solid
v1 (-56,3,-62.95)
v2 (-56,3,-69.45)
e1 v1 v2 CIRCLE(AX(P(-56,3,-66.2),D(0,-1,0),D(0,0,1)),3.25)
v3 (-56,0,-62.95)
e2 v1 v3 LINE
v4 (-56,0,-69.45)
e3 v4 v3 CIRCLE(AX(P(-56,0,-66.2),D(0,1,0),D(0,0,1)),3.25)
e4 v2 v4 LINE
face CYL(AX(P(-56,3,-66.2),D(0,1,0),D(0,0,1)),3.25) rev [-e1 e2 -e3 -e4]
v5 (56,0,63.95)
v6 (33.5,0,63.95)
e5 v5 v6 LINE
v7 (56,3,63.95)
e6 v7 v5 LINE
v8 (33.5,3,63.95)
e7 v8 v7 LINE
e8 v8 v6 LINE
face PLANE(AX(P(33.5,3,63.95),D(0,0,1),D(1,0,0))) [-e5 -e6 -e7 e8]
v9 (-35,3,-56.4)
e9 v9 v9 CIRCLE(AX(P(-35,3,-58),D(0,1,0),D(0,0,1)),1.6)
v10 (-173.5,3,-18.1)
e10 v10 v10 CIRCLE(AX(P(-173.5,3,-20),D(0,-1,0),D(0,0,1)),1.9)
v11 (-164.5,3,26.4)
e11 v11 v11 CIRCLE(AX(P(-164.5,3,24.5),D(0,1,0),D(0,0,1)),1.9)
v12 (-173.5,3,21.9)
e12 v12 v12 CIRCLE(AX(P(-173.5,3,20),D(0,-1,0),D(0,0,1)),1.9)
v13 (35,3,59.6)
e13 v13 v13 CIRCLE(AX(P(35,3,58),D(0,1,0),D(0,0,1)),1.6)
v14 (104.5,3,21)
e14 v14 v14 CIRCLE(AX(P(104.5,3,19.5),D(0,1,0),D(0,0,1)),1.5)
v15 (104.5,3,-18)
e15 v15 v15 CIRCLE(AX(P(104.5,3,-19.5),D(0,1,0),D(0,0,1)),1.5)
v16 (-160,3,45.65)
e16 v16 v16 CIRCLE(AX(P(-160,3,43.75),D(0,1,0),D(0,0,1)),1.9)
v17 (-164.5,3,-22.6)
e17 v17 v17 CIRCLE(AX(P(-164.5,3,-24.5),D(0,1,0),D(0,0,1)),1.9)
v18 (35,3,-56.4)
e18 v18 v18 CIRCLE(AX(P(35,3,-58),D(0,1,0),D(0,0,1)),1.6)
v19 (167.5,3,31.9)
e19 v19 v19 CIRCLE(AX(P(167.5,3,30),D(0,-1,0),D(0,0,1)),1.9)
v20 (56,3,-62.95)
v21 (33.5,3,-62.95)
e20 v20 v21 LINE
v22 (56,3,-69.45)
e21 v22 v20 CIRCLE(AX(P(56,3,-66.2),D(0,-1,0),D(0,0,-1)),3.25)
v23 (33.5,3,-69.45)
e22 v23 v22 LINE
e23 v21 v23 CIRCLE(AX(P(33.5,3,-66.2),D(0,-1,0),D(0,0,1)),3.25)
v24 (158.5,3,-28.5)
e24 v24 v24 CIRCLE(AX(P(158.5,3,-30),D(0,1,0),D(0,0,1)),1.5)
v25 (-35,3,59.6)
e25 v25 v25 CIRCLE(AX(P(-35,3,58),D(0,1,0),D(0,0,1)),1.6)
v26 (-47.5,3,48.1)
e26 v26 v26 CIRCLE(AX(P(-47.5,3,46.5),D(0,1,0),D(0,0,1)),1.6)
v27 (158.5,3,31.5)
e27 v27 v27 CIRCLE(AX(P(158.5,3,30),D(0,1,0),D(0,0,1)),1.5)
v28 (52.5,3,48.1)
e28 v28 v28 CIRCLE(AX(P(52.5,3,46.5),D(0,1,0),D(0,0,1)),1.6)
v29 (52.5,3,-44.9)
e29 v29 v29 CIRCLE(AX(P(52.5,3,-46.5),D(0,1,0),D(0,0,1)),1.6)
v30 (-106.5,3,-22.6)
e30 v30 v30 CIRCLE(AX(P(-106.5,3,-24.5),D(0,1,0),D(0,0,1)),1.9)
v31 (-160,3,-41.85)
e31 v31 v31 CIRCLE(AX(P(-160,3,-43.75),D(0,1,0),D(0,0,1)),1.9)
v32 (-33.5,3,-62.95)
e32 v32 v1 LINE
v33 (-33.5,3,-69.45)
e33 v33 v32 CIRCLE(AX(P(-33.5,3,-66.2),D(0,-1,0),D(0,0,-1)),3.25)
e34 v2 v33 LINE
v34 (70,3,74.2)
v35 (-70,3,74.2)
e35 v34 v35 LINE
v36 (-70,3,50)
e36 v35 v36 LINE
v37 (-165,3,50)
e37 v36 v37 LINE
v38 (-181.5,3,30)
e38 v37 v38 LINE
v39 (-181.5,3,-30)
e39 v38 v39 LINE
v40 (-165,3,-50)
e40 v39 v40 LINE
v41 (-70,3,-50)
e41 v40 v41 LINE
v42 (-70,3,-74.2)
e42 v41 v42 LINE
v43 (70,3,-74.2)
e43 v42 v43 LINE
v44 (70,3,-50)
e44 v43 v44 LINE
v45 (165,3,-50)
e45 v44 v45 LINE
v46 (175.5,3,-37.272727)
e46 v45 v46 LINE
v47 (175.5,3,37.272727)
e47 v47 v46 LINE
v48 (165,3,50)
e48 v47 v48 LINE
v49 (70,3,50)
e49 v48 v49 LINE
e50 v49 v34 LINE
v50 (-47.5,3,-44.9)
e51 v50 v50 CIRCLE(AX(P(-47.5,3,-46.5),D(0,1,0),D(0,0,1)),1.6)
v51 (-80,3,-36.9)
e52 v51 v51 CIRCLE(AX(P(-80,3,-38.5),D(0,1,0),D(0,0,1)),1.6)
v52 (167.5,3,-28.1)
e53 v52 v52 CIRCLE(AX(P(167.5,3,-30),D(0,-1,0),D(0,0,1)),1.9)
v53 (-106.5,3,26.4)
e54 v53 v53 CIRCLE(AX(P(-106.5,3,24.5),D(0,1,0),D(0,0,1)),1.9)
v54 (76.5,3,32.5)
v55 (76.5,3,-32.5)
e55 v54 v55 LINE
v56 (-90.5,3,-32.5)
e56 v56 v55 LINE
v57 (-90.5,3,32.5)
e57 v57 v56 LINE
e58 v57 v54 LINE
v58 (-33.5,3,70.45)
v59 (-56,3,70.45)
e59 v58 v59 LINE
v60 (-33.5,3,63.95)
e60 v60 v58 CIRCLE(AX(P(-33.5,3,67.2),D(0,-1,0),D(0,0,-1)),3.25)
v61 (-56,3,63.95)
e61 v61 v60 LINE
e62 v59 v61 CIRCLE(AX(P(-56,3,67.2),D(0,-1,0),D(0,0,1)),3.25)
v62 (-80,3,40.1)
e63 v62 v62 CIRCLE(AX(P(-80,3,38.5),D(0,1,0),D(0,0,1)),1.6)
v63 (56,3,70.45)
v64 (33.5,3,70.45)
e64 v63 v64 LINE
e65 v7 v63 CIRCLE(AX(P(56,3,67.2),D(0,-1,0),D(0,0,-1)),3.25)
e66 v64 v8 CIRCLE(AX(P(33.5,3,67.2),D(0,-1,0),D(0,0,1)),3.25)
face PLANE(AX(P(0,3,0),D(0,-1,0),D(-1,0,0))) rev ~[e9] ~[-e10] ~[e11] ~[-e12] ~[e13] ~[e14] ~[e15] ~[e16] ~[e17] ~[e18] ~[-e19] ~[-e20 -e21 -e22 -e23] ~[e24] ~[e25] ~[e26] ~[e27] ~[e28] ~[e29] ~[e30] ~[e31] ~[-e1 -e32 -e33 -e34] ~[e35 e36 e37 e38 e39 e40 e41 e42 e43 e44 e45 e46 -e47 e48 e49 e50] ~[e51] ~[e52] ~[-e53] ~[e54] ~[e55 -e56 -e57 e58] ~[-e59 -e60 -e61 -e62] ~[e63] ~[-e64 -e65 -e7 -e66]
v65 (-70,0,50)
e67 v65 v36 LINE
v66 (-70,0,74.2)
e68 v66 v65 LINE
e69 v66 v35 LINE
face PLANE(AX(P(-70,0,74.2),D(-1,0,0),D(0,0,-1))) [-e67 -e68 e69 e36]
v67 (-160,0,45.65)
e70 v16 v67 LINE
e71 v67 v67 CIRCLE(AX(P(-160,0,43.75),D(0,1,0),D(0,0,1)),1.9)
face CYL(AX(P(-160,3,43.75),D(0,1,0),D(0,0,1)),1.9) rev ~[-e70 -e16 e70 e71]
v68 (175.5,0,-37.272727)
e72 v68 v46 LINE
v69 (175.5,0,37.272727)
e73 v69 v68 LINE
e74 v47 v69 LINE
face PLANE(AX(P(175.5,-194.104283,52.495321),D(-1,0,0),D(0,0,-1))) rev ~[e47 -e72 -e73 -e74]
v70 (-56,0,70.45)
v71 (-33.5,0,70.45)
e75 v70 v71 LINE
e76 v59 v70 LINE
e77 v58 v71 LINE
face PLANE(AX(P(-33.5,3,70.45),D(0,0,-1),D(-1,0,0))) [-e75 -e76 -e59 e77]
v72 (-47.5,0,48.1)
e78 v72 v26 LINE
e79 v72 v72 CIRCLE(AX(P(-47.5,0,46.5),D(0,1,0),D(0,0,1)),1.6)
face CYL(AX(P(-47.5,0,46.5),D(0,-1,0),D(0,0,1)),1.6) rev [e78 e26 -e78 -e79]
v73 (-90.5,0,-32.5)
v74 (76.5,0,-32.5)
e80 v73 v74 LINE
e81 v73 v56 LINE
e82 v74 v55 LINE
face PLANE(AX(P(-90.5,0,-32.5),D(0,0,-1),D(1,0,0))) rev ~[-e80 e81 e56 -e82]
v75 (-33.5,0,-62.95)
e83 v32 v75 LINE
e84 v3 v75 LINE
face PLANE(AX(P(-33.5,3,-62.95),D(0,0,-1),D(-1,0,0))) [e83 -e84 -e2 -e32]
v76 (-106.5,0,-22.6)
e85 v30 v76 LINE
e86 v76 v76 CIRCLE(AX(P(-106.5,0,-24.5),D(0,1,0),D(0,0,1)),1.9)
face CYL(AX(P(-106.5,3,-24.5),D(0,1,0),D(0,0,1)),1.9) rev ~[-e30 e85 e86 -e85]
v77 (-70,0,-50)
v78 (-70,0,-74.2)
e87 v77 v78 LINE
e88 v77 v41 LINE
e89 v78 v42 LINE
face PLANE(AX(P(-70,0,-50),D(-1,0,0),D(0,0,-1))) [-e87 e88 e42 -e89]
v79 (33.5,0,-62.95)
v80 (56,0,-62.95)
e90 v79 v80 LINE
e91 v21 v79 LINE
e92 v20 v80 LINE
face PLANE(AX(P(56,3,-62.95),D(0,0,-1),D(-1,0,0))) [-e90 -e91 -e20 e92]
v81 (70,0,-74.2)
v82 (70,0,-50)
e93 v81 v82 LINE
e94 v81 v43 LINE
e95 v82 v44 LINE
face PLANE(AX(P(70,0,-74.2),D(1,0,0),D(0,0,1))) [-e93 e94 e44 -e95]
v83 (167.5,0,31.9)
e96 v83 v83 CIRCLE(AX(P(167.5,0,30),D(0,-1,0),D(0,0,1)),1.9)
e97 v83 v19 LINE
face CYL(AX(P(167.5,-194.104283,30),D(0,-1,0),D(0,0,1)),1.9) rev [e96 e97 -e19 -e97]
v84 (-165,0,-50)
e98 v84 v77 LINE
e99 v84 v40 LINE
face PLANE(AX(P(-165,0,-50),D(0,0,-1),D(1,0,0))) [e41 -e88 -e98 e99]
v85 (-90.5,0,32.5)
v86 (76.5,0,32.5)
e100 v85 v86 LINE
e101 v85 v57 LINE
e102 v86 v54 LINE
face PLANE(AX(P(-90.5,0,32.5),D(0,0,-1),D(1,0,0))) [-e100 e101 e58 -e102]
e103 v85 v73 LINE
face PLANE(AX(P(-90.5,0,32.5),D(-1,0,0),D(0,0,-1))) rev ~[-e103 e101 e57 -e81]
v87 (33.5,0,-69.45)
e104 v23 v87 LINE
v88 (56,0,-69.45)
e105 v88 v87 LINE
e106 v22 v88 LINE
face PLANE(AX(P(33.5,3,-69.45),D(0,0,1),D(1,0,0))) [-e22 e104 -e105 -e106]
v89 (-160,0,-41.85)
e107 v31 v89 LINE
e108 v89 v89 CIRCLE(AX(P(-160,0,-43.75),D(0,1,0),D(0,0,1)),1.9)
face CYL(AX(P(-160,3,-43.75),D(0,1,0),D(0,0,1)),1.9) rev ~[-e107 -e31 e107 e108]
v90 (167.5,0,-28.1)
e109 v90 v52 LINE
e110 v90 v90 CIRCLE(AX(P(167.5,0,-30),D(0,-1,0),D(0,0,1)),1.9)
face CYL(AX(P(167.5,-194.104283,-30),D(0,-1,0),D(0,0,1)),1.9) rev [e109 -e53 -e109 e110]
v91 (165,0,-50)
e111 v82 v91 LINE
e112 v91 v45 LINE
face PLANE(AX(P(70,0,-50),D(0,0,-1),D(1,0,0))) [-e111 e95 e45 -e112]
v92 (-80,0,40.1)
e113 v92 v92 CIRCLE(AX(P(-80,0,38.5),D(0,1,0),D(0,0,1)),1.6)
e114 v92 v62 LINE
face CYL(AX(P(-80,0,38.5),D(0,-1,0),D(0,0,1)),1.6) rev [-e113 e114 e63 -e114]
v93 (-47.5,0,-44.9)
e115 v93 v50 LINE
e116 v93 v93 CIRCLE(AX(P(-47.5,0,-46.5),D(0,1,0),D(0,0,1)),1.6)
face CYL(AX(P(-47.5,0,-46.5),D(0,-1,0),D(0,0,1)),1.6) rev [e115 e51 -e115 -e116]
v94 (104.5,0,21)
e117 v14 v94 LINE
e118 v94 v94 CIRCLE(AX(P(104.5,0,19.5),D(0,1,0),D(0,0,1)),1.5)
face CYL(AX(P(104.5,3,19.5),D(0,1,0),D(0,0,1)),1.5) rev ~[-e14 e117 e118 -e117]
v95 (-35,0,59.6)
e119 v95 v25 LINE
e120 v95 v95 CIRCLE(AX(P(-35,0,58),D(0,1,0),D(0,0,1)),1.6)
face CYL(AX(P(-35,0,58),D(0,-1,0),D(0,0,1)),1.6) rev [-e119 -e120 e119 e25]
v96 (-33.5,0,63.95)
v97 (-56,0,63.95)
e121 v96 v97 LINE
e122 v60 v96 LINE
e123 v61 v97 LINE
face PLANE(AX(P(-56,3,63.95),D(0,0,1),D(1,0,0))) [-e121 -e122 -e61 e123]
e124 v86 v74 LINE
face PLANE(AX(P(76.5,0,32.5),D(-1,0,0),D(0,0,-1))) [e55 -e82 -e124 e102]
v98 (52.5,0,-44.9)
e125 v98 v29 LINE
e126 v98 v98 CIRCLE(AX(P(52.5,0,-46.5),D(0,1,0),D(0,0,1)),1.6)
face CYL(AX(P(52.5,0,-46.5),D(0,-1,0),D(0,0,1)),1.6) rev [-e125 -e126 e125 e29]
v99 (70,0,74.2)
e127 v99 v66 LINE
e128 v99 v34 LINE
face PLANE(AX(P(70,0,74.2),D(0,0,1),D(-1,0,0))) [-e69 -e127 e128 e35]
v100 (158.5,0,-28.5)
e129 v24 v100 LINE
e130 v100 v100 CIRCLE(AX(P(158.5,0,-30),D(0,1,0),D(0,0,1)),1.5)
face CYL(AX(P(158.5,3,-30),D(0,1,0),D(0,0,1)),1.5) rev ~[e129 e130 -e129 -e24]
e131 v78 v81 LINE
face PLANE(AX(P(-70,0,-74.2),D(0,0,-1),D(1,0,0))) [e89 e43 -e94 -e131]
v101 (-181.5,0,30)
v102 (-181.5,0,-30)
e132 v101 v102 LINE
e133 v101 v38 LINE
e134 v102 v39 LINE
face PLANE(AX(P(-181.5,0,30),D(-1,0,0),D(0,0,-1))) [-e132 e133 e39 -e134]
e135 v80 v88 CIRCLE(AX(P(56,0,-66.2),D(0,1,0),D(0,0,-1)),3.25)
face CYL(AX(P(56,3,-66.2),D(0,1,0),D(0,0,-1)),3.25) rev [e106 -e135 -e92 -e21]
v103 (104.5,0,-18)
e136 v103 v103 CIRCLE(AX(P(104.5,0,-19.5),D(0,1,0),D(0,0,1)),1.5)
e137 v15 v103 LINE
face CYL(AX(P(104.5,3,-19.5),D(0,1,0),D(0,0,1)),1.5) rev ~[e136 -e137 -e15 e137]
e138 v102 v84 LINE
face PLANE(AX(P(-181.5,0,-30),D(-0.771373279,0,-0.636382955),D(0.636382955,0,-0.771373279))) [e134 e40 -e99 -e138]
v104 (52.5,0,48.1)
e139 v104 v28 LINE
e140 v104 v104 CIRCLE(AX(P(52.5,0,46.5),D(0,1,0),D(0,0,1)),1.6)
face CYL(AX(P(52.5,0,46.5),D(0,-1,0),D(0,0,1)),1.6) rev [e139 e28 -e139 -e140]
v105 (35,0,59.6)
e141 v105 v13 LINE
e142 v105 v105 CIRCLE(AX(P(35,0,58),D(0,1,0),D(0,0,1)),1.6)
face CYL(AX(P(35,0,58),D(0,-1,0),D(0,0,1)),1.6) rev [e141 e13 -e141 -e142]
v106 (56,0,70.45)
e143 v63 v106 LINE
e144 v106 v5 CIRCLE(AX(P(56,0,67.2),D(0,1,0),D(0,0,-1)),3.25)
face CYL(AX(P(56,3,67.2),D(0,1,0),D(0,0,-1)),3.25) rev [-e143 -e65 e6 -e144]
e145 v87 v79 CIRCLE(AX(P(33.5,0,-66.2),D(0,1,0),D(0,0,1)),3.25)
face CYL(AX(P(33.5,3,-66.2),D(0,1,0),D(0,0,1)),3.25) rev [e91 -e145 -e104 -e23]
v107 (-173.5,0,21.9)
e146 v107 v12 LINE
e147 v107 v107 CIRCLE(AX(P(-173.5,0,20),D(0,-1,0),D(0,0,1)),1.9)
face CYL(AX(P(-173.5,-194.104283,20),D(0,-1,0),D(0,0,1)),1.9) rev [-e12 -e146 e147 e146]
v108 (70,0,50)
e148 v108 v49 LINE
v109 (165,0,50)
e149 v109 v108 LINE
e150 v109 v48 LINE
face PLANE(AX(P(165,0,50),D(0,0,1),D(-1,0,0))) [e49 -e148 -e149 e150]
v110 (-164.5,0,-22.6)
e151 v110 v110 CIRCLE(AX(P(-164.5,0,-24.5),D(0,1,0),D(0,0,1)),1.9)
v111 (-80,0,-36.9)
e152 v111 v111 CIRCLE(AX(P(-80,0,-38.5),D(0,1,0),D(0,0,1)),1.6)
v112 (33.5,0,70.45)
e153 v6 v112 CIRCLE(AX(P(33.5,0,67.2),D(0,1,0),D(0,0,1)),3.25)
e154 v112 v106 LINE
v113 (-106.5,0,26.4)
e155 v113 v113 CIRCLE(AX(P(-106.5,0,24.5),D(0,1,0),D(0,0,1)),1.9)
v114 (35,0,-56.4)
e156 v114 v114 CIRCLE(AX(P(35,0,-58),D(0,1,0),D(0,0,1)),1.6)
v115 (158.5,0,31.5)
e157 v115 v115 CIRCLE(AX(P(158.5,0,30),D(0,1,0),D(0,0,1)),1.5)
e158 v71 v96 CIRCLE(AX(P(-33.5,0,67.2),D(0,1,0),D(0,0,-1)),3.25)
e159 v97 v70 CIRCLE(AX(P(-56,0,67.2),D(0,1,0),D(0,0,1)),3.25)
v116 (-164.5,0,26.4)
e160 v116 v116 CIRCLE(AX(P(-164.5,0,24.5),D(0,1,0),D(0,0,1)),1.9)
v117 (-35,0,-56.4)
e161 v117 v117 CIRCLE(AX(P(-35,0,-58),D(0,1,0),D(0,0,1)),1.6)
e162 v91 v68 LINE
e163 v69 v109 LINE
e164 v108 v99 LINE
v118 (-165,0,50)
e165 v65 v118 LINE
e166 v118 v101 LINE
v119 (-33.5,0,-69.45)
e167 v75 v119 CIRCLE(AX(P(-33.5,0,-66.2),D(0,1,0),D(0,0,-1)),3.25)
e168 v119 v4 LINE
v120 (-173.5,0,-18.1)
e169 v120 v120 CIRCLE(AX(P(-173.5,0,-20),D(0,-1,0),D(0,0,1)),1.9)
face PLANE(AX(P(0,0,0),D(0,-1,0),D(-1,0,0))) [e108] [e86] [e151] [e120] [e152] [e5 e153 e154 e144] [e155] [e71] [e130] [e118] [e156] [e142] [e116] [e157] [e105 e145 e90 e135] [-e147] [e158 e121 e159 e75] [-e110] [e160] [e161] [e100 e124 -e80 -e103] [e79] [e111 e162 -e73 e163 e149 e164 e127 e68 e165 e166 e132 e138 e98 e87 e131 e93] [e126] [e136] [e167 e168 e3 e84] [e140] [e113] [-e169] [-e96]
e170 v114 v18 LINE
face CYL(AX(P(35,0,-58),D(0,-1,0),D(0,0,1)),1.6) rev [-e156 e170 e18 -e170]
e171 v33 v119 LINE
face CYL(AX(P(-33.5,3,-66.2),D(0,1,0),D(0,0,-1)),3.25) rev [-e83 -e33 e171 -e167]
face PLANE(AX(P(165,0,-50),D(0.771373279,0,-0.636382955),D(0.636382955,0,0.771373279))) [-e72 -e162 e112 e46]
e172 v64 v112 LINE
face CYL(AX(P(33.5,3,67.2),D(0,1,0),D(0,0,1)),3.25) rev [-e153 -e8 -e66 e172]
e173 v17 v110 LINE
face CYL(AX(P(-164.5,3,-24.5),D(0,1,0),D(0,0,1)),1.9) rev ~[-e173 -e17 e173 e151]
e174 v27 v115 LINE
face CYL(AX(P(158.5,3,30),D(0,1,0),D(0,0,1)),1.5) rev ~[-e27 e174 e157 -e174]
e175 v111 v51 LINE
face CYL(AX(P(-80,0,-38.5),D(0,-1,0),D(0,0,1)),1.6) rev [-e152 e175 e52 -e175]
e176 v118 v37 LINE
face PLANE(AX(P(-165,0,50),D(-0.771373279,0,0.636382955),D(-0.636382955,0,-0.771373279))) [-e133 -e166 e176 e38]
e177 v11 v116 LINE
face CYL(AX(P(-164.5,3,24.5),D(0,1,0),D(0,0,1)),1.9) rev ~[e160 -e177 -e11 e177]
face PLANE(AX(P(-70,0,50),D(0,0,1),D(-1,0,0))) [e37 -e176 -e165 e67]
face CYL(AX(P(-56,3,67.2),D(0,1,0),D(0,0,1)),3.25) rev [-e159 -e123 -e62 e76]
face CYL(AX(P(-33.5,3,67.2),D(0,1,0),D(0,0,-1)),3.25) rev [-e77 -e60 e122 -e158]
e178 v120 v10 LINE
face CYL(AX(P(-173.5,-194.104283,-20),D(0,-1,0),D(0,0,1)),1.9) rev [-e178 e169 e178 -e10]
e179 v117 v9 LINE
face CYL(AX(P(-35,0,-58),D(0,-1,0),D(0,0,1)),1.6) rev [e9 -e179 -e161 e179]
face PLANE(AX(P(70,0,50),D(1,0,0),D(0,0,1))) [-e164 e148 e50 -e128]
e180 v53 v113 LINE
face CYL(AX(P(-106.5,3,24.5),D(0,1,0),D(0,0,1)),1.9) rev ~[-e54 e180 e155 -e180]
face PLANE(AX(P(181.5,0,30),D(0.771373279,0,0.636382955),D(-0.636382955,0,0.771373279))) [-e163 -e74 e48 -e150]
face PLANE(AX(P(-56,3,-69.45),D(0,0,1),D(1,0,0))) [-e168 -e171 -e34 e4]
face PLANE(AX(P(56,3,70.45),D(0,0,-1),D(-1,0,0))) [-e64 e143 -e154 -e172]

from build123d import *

# Parameters (mm, degrees)
SKETCH1_R               = 1.6
SKETCH1_W               = 167
SKETCH1_H               = 65
BOSS_EXTRUDE1_DEPTH     = 3
CUT_EXTRUDE1_DEPTH      = 197.104283482
CUT_EXTRUDE1_DEPTH_BACK = 197.104283482
SKETCH2_R               = 1.9
SKETCH2_W               = 13.670656581
SKETCH2_H               = 96.241422334
SKETCH3_R               = 1.9
CUT_EXTRUDE4_DEPTH      = 10
SKETCH7_R               = 1.5
CUT_EXTRUDE5_DEPTH      = 10
STAND_MOUNT_HOLES_DEPTH = 197.104283482


with BuildPart() as part:
    # Sketch1 → Boss-Extrude1 (new body)
    with BuildSketch(Plane(origin=(0, 0, 0), x_dir=(1, 0, 0), z_dir=(0, 1, 0))):
        Polygon((181.5, -30), (165, -50), (70, -50), (70, -74.2), (-70, -74.2), (-70, -50), (-165, -50), (-181.5, -30), (-181.5, 30), (-165, 50), (-70, 50), (-70, 74.2), (70, 74.2), (70, 50), (165, 50), (181.5, 30), align=None)
        with Locations(Location((-35, -58, 0), (0, 0, 270))):
            Circle(SKETCH1_R, mode=Mode.SUBTRACT)
        with Locations(Location((-35, 58, 0), (0, 0, 270))):
            Circle(SKETCH1_R, mode=Mode.SUBTRACT)
        with Locations(Location((35, 58, 0), (0, 0, 270))):
            Circle(SKETCH1_R, mode=Mode.SUBTRACT)
        with Locations(Location((35, -58, 0), (0, 0, 270))):
            Circle(SKETCH1_R, mode=Mode.SUBTRACT)
        with Locations(Location((-80, 38.5, 0), (0, 0, 270))):
            Circle(SKETCH1_R, mode=Mode.SUBTRACT)
        with Locations(Location((-80, -38.5, 0), (0, 0, 270))):
            Circle(SKETCH1_R, mode=Mode.SUBTRACT)
        with Locations(Location((-47.5, 46.5, 0), (0, 0, 270))):
            Circle(SKETCH1_R, mode=Mode.SUBTRACT)
        with Locations(Location((52.5, 46.5, 0), (0, 0, 270))):
            Circle(SKETCH1_R, mode=Mode.SUBTRACT)
        with Locations(Location((52.5, -46.5, 0), (0, 0, 270))):
            Circle(SKETCH1_R, mode=Mode.SUBTRACT)
        with Locations(Location((-47.5, -46.5, 0), (0, 0, 270))):
            Circle(SKETCH1_R, mode=Mode.SUBTRACT)
        with Locations((-7, 0)):
            Rectangle(SKETCH1_W, SKETCH1_H, mode=Mode.SUBTRACT)
    extrude(amount=BOSS_EXTRUDE1_DEPTH)

    # Sketch2 → Cut-Extrude1 (cut, two sides: drawn at the far end of the back side and taken through both)
    with BuildSketch(Plane(origin=(0, 3, 0), x_dir=(1, 0, 0), z_dir=(0, 1, 0)).offset(-CUT_EXTRUDE1_DEPTH_BACK)):
        with Locations(Location((167.5, -30, 0), (0, 0, 270))):
            Circle(SKETCH2_R)
        with Locations(Location((167.5, 30, 0), (0, 0, 270))):
            Circle(SKETCH2_R)
        with Locations(Location((-173.5, 20, 0), (0, 0, 270))):
            Circle(SKETCH2_R)
        with Locations(Location((-173.5, -20, 0), (0, 0, 270))):
            Circle(SKETCH2_R)
        with Locations((182.335328291, -4.374610106)):
            Rectangle(SKETCH2_W, SKETCH2_H)
    extrude(amount=CUT_EXTRUDE1_DEPTH + CUT_EXTRUDE1_DEPTH_BACK, mode=Mode.SUBTRACT)

    # Sketch3 → Cut-Extrude4 (cut)
    with BuildSketch(Plane(origin=(0, 3, 0), x_dir=(1, 0, 0), z_dir=(0, 1, 0))):
        with Locations(Location((-164.5, 24.5, 0), (0, 0, 270))):
            Circle(SKETCH3_R)
        with Locations(Location((-106.5, 24.5, 0), (0, 0, 270))):
            Circle(SKETCH3_R)
        with Locations(Location((-106.5, -24.5, 0), (0, 0, 270))):
            Circle(SKETCH3_R)
        with Locations(Location((-164.5, -24.5, 0), (0, 0, 270))):
            Circle(SKETCH3_R)
        with Locations(Location((-160, 43.75, 0), (0, 0, 270))):
            Circle(SKETCH3_R)
        with Locations(Location((-160, -43.75, 0), (0, 0, 270))):
            Circle(SKETCH3_R)
    extrude(amount=-CUT_EXTRUDE4_DEPTH, mode=Mode.SUBTRACT)

    # Sketch7 → Cut-Extrude5 (cut)
    with BuildSketch(Plane(origin=(0, 3, 0), x_dir=(1, 0, 0), z_dir=(0, 1, 0))):
        with Locations(Location((104.5, 19.5, 0), (0, 0, 270))):
            Circle(SKETCH7_R)
        with Locations(Location((158.5, 30, 0), (0, 0, 270))):
            Circle(SKETCH7_R)
        with Locations(Location((158.5, -30, 0), (0, 0, 270))):
            Circle(SKETCH7_R)
        with Locations(Location((104.5, -19.5, 0), (0, 0, 270))):
            Circle(SKETCH7_R)
    extrude(amount=-CUT_EXTRUDE5_DEPTH, mode=Mode.SUBTRACT)

    # Sketch8 → Stand mount holes (cut, through all)
    with BuildSketch(Plane(origin=(0, 3, 0), x_dir=(1, 0, 0), z_dir=(0, 1, 0))):
        with BuildLine():
            Line((-56, -63.95), (-33.5, -63.95))
            ThreePointArc((-33.5, -63.95), (-30.25, -67.2), (-33.5, -70.45))
            Line((-33.5, -70.45), (-56, -70.45))
            ThreePointArc((-56, -70.45), (-59.25, -67.2), (-56, -63.95))
        make_face()
        with BuildLine():
            Line((33.5, -63.95), (56, -63.95))
            ThreePointArc((56, -63.95), (59.25, -67.2), (56, -70.45))
            Line((56, -70.45), (33.5, -70.45))
            ThreePointArc((33.5, -70.45), (30.25, -67.2), (33.5, -63.95))
        make_face()
        with BuildLine():
            Line((-56, 69.45), (-33.5, 69.45))
            ThreePointArc((-33.5, 69.45), (-30.25, 66.2), (-33.5, 62.95))
            Line((-33.5, 62.95), (-56, 62.95))
            ThreePointArc((-56, 62.95), (-59.25, 66.2), (-56, 69.45))
        make_face()
        with BuildLine():
            Line((33.5, 69.45), (56, 69.45))
            ThreePointArc((56, 69.45), (59.25, 66.2), (56, 62.95))
            Line((56, 62.95), (33.5, 62.95))
            ThreePointArc((33.5, 62.95), (30.25, 66.2), (33.5, 69.45))
        make_face()
    extrude(amount=-STAND_MOUNT_HOLES_DEPTH, mode=Mode.SUBTRACT)


solid = part.part
